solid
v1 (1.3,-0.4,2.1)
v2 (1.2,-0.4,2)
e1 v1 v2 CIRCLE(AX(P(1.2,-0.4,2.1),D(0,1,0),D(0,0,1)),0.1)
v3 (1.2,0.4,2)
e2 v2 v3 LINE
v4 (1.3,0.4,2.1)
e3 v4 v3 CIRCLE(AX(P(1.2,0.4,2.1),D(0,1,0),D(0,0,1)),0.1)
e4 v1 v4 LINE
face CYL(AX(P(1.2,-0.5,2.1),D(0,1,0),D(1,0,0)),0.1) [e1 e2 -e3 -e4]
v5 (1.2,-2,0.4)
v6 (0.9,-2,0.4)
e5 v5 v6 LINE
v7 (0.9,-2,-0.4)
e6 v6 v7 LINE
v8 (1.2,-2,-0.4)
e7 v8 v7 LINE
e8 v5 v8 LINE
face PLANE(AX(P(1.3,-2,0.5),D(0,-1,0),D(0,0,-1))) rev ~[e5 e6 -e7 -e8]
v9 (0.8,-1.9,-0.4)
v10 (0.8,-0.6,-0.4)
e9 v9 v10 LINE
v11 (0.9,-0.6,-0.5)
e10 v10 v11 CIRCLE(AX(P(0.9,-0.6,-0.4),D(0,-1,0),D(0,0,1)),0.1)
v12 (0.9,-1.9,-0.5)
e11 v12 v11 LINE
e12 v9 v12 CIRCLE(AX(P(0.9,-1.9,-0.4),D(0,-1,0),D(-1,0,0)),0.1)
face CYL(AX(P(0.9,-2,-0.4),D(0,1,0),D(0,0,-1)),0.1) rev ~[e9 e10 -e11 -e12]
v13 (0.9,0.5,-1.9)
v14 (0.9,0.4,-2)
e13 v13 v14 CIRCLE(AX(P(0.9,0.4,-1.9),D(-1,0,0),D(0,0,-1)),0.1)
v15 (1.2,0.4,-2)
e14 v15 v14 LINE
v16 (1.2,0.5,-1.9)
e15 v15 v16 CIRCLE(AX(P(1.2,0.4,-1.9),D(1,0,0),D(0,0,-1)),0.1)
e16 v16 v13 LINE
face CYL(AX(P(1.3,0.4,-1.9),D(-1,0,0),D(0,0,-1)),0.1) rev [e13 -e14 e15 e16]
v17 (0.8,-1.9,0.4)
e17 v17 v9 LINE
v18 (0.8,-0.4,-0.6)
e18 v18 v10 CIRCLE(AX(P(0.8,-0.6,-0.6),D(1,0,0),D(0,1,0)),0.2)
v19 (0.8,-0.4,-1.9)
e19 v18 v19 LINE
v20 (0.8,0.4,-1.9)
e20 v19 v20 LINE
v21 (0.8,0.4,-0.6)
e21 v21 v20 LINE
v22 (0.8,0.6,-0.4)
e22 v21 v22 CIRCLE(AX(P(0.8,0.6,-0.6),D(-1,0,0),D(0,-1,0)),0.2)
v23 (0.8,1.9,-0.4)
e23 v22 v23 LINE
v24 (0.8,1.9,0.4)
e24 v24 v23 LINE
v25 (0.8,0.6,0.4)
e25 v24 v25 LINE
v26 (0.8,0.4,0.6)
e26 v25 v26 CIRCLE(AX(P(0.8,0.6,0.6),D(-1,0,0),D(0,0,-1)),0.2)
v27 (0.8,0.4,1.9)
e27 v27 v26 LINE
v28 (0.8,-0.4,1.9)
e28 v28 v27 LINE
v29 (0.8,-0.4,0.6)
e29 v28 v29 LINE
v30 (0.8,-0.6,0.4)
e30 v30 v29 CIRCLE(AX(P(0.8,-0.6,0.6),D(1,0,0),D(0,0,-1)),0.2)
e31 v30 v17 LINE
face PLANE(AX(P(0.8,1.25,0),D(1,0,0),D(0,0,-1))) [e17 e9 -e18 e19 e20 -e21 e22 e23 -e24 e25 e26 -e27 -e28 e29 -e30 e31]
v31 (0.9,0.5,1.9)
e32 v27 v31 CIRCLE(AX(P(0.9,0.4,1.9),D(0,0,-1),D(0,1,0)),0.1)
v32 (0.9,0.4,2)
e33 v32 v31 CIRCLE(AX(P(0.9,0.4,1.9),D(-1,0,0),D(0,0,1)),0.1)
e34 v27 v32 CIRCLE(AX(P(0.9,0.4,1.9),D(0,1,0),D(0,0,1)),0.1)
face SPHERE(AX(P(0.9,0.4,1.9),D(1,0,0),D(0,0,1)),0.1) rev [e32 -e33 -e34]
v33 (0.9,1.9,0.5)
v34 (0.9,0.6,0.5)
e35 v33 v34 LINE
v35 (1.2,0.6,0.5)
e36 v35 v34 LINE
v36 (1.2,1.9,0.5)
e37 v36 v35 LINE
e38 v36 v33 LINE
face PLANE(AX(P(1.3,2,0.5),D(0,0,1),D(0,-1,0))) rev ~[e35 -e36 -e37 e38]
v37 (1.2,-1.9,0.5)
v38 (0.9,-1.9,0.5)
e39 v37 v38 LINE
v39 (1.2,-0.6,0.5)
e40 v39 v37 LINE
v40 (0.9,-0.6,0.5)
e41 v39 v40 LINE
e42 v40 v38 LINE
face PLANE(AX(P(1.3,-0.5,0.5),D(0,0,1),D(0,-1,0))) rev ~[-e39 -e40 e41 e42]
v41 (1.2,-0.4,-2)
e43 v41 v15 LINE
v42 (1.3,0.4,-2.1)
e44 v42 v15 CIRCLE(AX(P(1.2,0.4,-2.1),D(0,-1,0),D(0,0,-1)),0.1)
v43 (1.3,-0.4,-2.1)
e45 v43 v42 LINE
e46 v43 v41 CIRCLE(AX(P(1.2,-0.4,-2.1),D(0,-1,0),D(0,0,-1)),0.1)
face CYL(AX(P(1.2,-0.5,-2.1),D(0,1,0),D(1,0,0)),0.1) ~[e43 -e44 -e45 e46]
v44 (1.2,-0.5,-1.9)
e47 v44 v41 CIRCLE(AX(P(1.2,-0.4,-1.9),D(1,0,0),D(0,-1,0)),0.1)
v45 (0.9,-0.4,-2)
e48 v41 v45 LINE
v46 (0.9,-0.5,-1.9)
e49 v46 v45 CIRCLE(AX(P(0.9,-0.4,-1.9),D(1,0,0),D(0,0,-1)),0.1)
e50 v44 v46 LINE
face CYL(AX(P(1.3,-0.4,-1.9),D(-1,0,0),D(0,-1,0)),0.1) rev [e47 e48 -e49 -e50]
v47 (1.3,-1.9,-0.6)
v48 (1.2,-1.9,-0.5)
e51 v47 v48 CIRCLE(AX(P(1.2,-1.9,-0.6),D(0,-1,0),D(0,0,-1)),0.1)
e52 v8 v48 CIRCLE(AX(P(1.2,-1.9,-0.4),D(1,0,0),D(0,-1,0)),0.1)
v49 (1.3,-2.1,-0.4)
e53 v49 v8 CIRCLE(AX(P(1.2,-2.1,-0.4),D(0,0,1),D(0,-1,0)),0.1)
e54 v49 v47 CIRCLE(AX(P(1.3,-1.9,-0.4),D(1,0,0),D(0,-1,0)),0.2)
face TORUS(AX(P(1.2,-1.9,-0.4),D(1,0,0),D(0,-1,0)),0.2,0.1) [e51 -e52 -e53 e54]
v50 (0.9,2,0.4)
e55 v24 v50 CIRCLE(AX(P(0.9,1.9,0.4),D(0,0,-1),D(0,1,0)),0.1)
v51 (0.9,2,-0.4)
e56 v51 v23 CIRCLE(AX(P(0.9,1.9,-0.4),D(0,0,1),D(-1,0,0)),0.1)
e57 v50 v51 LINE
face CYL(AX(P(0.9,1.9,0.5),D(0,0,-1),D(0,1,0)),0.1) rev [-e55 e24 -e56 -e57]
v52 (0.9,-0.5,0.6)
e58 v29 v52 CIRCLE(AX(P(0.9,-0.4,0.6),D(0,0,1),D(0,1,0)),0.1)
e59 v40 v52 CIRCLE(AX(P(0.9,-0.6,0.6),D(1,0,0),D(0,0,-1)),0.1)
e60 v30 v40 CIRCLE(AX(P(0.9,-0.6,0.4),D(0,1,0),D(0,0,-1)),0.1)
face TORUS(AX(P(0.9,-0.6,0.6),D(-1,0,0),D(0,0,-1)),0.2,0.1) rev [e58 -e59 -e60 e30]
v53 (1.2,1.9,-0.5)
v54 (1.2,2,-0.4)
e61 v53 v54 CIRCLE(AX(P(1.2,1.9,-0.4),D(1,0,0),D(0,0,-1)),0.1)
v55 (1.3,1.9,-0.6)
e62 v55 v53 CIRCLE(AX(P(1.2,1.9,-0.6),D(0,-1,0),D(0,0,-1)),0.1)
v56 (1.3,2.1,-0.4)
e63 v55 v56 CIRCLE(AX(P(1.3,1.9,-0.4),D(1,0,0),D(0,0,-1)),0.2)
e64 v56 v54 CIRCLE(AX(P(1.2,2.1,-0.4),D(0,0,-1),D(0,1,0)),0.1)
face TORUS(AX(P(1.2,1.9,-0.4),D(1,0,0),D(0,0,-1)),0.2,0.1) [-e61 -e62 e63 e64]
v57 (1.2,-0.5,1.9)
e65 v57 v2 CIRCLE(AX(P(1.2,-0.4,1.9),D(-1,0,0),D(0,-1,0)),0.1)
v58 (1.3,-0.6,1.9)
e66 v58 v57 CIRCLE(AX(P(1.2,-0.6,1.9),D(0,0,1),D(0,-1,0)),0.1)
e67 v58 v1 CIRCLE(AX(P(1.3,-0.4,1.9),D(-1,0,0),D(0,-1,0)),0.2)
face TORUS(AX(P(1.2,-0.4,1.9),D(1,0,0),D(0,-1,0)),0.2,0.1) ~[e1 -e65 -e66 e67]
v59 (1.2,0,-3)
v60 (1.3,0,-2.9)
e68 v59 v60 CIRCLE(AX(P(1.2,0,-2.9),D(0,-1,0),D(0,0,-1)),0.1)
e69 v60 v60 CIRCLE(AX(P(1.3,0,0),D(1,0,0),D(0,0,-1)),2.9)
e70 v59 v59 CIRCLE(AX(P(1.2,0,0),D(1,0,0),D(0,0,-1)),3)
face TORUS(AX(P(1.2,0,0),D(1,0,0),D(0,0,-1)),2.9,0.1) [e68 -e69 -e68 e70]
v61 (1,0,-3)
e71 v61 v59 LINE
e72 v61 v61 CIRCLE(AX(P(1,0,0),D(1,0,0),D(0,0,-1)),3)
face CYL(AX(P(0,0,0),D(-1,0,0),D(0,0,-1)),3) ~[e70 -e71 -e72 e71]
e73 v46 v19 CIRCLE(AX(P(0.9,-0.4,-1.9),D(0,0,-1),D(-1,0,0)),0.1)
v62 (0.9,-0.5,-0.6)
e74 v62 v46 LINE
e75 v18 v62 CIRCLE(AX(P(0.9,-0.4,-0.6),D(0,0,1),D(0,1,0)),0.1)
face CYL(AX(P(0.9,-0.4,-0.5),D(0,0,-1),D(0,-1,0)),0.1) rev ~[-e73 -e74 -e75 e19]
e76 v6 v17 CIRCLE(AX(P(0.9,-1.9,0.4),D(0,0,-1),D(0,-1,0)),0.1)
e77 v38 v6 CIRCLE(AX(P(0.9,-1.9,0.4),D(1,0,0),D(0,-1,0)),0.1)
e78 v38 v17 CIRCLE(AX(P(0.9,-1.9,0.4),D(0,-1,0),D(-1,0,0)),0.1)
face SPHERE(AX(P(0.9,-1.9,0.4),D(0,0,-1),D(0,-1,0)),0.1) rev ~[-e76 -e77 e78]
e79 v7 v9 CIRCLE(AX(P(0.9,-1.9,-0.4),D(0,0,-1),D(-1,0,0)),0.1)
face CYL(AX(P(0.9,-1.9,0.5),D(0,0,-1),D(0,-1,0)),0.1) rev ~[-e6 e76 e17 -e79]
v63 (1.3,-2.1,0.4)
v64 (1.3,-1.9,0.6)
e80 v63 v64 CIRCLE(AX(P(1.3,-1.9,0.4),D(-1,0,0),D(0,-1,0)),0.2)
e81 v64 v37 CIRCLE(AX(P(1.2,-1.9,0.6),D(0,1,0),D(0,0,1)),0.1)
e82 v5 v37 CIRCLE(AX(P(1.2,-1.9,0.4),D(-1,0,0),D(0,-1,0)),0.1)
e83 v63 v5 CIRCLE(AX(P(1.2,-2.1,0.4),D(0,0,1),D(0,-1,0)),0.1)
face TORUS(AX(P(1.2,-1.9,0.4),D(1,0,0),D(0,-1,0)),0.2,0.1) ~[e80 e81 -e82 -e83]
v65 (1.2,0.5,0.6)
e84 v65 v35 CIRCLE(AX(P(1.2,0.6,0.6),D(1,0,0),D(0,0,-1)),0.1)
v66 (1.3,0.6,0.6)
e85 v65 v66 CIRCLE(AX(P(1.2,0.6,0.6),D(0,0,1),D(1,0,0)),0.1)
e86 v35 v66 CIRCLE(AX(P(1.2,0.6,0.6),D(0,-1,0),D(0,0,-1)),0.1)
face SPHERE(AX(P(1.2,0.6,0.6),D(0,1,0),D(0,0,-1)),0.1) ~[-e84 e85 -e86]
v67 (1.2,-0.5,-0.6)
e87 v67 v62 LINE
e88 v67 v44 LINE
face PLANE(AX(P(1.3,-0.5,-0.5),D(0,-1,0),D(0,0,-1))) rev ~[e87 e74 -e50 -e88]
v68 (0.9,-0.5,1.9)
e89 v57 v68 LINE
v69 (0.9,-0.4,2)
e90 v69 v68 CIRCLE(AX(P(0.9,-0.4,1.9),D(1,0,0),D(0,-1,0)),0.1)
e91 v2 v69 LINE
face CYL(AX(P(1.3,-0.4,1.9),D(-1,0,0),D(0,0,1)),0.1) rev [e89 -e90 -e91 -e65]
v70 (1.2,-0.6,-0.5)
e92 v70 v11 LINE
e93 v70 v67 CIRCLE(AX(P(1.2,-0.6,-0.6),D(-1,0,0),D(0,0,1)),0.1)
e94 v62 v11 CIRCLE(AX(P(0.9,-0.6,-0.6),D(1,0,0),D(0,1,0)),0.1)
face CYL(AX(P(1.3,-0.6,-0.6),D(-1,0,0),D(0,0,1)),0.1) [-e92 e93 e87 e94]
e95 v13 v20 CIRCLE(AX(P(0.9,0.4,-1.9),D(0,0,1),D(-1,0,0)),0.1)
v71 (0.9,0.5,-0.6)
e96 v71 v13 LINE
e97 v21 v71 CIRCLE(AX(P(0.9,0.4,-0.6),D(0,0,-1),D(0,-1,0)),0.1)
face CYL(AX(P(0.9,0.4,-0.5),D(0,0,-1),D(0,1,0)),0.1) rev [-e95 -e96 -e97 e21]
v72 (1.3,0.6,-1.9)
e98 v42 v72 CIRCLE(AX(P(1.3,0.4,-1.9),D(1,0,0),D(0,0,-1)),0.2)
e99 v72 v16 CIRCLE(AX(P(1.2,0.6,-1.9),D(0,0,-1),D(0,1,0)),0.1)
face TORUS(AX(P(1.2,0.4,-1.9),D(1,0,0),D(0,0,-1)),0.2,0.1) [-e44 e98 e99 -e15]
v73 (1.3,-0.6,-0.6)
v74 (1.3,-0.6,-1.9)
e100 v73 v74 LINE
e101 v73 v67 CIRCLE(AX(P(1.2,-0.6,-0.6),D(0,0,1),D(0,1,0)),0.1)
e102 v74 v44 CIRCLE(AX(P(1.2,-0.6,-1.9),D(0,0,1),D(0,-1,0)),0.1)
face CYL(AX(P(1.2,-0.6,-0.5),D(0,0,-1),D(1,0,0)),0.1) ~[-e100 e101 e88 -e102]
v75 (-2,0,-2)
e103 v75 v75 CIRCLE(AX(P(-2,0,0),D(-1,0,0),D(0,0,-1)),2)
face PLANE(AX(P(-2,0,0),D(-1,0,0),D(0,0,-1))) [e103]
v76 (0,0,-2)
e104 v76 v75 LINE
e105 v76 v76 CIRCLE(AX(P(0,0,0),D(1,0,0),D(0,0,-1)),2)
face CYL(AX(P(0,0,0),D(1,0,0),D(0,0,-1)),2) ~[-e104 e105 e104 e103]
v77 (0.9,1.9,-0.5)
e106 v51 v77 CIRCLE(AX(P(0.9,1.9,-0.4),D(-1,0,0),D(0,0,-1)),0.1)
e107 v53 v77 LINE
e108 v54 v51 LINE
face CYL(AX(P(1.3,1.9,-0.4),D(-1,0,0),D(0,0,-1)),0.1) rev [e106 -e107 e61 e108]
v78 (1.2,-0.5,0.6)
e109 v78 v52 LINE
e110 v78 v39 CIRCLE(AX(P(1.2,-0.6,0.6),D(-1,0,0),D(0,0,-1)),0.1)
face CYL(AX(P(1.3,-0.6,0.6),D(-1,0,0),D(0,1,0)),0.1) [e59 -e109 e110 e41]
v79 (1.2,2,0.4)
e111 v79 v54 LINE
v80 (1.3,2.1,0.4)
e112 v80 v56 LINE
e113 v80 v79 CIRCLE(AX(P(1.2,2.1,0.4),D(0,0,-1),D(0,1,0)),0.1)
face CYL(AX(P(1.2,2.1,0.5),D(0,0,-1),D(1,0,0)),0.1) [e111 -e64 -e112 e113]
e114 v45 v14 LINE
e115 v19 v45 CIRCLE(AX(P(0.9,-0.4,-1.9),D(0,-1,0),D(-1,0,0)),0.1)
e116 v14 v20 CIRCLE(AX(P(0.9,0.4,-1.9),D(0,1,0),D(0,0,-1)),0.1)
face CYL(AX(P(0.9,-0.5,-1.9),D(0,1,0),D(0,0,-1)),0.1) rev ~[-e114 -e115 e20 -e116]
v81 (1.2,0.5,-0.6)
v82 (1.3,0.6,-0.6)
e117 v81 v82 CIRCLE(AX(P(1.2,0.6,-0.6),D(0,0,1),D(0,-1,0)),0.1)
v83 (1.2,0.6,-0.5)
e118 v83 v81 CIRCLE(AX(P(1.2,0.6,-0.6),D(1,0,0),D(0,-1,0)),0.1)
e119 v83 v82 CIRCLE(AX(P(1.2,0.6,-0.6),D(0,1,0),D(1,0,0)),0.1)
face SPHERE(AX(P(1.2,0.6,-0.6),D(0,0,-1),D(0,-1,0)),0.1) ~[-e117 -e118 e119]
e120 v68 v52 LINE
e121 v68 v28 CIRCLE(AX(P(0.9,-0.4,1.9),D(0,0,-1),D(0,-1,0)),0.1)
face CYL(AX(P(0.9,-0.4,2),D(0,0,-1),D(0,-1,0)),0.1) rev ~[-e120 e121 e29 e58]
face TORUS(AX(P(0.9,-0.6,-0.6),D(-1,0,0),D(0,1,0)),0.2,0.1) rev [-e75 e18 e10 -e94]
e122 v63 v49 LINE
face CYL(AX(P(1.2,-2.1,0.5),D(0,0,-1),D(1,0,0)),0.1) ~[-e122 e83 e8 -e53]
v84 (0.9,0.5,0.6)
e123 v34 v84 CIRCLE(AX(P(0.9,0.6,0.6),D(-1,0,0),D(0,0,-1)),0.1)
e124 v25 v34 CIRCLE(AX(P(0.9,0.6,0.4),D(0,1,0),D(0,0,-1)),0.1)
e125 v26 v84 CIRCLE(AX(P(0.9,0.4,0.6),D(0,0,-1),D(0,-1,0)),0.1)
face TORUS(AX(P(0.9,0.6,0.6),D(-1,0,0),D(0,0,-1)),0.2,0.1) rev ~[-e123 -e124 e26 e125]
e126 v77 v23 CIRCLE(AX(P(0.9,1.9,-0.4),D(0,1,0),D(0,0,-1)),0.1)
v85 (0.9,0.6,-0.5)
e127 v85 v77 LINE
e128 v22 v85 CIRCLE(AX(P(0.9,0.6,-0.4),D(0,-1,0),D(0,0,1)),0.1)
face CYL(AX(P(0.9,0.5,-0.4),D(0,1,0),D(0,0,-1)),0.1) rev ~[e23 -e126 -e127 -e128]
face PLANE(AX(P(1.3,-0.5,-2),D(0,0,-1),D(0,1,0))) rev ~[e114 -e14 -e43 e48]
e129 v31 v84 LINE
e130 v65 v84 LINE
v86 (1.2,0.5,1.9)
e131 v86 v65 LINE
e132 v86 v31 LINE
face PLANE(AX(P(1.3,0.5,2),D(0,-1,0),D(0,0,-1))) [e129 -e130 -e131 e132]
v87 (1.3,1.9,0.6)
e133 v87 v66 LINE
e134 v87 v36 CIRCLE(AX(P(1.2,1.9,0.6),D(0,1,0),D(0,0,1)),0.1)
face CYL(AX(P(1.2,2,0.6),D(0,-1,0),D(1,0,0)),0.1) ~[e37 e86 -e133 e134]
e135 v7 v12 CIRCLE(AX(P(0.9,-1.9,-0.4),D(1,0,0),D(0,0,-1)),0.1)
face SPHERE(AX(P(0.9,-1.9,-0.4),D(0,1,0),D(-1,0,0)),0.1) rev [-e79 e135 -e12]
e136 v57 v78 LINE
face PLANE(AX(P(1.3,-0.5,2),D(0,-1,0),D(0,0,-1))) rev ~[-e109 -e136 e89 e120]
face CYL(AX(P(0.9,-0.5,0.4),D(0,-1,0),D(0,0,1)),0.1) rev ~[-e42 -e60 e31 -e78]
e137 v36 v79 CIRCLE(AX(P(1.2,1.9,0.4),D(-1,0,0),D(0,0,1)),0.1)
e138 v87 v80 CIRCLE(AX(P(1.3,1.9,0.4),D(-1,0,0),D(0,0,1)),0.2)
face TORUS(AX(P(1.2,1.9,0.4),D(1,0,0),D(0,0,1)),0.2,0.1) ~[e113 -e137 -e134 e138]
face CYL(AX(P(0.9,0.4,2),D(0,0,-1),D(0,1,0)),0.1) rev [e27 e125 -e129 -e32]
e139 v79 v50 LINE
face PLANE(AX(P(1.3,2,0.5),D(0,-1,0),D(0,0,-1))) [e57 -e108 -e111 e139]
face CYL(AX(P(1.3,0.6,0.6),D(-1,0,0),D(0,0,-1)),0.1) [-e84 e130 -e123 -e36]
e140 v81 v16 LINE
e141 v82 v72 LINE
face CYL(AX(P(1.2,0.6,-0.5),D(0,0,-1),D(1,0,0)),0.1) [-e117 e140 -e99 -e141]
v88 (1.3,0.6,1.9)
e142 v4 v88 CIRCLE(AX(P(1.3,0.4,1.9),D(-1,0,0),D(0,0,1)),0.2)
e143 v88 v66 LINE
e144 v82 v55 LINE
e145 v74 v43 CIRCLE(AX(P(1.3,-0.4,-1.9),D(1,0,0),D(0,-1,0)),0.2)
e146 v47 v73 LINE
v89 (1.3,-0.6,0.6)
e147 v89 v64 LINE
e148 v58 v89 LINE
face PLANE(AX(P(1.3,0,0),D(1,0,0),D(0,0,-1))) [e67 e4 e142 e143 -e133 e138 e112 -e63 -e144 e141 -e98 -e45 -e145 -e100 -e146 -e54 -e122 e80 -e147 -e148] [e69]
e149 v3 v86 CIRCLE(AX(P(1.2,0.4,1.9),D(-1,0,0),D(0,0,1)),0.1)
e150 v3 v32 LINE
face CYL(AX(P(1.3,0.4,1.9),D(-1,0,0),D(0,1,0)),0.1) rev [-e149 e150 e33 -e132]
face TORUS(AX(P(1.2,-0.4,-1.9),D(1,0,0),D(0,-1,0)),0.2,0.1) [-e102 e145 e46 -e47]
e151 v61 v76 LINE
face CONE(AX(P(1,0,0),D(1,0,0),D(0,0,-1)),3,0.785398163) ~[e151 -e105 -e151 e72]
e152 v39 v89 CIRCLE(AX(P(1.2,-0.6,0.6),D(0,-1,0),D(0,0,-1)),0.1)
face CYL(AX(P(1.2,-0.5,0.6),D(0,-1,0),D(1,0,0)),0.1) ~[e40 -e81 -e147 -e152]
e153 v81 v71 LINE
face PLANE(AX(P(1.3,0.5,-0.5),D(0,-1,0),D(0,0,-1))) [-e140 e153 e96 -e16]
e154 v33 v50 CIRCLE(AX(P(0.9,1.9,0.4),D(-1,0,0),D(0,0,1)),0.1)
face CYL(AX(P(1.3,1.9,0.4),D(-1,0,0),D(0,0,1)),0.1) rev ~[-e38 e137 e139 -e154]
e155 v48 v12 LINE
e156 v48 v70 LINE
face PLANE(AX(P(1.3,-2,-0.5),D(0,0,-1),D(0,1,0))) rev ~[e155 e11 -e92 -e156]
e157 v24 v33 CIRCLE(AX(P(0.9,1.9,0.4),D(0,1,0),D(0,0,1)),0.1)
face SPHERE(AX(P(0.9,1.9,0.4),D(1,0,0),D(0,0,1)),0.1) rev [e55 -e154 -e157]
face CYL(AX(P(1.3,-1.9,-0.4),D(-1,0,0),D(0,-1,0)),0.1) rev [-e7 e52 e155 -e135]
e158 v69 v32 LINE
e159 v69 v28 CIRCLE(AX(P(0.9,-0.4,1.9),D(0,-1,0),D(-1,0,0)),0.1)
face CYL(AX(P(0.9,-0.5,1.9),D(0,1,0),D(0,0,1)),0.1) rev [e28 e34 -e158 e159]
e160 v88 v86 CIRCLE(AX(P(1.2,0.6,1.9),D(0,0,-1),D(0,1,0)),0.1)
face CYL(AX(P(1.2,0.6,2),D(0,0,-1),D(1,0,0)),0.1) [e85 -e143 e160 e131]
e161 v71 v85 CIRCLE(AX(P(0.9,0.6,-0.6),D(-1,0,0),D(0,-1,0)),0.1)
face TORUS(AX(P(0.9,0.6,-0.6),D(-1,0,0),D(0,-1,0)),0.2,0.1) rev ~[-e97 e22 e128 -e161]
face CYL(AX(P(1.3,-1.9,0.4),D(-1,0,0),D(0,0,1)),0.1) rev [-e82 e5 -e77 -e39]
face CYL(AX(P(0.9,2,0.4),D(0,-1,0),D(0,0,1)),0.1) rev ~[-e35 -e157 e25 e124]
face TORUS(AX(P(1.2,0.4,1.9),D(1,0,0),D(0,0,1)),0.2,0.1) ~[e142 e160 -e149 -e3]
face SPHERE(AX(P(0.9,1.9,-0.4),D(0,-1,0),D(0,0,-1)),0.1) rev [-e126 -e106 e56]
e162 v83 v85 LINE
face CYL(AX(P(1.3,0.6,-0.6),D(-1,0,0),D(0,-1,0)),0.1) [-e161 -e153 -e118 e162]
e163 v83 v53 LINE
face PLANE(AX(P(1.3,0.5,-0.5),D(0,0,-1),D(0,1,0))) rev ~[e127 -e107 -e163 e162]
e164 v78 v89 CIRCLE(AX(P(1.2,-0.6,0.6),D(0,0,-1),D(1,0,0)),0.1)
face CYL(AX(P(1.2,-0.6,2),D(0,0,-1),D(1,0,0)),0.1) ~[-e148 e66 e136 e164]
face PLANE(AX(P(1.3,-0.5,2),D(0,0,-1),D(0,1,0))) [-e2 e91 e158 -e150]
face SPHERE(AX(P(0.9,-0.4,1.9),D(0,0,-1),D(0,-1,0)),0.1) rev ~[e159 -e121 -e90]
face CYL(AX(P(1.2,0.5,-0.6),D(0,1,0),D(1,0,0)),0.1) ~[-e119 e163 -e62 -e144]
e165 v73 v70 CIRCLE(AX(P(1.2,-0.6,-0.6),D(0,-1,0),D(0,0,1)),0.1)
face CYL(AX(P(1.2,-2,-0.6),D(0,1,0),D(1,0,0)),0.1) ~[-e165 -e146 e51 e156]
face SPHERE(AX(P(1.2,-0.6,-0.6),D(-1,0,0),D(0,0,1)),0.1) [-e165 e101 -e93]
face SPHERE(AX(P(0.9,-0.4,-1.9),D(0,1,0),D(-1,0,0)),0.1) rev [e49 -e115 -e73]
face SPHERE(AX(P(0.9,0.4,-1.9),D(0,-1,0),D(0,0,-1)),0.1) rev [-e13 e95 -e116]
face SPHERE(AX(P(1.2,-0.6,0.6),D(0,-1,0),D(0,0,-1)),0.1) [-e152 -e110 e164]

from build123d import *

# Parameters (mm, degrees)
SKETCH1_R           = 3
BOSS_EXTRUDE1_DEPTH = 1.3
CHAMFER1_SIZE       = 1
SKETCH2_R           = 2
BOSS_EXTRUDE2_DEPTH = 2
SKETCH3_W           = 1
SKETCH3_H           = 1.5
SKETCH3_H_2         = 1
SKETCH3_W_2         = 1.5
CUT_EXTRUDE1_DEPTH  = 0.5
FILLET1_R           = 0.1


with BuildPart() as part:
    # Sketch1 → Boss-Extrude1 (new body)
    with BuildSketch(Plane(origin=(0, 0, 0), x_dir=(0, 0, -1), z_dir=(1, 0, 0))):
        Circle(SKETCH1_R)
    extrude(amount=BOSS_EXTRUDE1_DEPTH)

    # Chamfer1
    chamfer1_edges = [part.edges().sort_by_distance(p)[0] for p in [
        (0, 0, 3),
    ]]
    chamfer(chamfer1_edges, length=CHAMFER1_SIZE)

    # Sketch2 → Boss-Extrude2 (add)
    with BuildSketch(Plane.ZY):
        with Locations(Location((0, 0, 0), (0, 0, 180))):
            Circle(SKETCH2_R)
    extrude(amount=BOSS_EXTRUDE2_DEPTH)

    # Sketch3 → Cut-Extrude1 (cut)
    with BuildSketch(Plane(origin=(1.3, 0, 0), x_dir=(0, 0, -1), z_dir=(1, 0, 0))):
        with Locations((0, 1.25)):
            Rectangle(SKETCH3_W, SKETCH3_H)
        Rectangle(SKETCH3_W, SKETCH3_H_2)
        with Locations((0, -1.25)):
            Rectangle(SKETCH3_W, SKETCH3_H)
        with Locations((-1.25, 0)):
            Rectangle(SKETCH3_W_2, SKETCH3_H_2)
        with Locations((1.25, 0)):
            Rectangle(SKETCH3_W_2, SKETCH3_H_2)
    extrude(amount=-CUT_EXTRUDE1_DEPTH, mode=Mode.SUBTRACT)

    # Fillet1
    fillet1_edges = [part.edges().sort_by_distance(p)[0] for p in [
        (1.3, 1.25, 0.5),
        (1.05, 0.5, 0.5),
        (1.3, 2, 0),
        (1.05, 2, 0.5),
        (0.8, 1.25, -0.5),
        (1.05, 2, -0.5),
        (1.3, 0.5, -1.25),
        (1.05, 0.5, -0.5),
        (0.8, 0, -2),
        (1.05, 0.5, -2),
        (0.8, -0.5, -1.25),
        (1.05, -0.5, -2),
        (0.8, -1.25, -0.5),
        (1.05, -0.5, -0.5),
        (0.8, -2, 0),
        (1.05, -2, -0.5),
        (1.3, -1.25, 0.5),
        (1.05, -2, 0.5),
        (0.8, -0.5, 1.25),
        (1.05, -0.5, 0.5),
        (1.3, 0, 2),
        (1.05, -0.5, 2),
        (1.3, 0.5, 1.25),
        (1.05, 0.5, 2),
        (0.8, 1.25, 0.5),
        (0.8, 2, 0),
        (0.8, 0.5, -1.25),
        (0.8, -1.25, 0.5),
        (0.8, 0, 2),
        (0.8, 0.5, 1.25),
        (1.3, -0.5, 1.25),
        (1.3, -2, 0),
        (1.3, -1.25, -0.5),
        (1.3, -0.5, -1.25),
        (1.3, 0, -2),
        (1.3, 1.25, -0.5),
        (1.3, 0, 3),
    ]]
    fillet(fillet1_edges, radius=FILLET1_R)


solid = part.part
